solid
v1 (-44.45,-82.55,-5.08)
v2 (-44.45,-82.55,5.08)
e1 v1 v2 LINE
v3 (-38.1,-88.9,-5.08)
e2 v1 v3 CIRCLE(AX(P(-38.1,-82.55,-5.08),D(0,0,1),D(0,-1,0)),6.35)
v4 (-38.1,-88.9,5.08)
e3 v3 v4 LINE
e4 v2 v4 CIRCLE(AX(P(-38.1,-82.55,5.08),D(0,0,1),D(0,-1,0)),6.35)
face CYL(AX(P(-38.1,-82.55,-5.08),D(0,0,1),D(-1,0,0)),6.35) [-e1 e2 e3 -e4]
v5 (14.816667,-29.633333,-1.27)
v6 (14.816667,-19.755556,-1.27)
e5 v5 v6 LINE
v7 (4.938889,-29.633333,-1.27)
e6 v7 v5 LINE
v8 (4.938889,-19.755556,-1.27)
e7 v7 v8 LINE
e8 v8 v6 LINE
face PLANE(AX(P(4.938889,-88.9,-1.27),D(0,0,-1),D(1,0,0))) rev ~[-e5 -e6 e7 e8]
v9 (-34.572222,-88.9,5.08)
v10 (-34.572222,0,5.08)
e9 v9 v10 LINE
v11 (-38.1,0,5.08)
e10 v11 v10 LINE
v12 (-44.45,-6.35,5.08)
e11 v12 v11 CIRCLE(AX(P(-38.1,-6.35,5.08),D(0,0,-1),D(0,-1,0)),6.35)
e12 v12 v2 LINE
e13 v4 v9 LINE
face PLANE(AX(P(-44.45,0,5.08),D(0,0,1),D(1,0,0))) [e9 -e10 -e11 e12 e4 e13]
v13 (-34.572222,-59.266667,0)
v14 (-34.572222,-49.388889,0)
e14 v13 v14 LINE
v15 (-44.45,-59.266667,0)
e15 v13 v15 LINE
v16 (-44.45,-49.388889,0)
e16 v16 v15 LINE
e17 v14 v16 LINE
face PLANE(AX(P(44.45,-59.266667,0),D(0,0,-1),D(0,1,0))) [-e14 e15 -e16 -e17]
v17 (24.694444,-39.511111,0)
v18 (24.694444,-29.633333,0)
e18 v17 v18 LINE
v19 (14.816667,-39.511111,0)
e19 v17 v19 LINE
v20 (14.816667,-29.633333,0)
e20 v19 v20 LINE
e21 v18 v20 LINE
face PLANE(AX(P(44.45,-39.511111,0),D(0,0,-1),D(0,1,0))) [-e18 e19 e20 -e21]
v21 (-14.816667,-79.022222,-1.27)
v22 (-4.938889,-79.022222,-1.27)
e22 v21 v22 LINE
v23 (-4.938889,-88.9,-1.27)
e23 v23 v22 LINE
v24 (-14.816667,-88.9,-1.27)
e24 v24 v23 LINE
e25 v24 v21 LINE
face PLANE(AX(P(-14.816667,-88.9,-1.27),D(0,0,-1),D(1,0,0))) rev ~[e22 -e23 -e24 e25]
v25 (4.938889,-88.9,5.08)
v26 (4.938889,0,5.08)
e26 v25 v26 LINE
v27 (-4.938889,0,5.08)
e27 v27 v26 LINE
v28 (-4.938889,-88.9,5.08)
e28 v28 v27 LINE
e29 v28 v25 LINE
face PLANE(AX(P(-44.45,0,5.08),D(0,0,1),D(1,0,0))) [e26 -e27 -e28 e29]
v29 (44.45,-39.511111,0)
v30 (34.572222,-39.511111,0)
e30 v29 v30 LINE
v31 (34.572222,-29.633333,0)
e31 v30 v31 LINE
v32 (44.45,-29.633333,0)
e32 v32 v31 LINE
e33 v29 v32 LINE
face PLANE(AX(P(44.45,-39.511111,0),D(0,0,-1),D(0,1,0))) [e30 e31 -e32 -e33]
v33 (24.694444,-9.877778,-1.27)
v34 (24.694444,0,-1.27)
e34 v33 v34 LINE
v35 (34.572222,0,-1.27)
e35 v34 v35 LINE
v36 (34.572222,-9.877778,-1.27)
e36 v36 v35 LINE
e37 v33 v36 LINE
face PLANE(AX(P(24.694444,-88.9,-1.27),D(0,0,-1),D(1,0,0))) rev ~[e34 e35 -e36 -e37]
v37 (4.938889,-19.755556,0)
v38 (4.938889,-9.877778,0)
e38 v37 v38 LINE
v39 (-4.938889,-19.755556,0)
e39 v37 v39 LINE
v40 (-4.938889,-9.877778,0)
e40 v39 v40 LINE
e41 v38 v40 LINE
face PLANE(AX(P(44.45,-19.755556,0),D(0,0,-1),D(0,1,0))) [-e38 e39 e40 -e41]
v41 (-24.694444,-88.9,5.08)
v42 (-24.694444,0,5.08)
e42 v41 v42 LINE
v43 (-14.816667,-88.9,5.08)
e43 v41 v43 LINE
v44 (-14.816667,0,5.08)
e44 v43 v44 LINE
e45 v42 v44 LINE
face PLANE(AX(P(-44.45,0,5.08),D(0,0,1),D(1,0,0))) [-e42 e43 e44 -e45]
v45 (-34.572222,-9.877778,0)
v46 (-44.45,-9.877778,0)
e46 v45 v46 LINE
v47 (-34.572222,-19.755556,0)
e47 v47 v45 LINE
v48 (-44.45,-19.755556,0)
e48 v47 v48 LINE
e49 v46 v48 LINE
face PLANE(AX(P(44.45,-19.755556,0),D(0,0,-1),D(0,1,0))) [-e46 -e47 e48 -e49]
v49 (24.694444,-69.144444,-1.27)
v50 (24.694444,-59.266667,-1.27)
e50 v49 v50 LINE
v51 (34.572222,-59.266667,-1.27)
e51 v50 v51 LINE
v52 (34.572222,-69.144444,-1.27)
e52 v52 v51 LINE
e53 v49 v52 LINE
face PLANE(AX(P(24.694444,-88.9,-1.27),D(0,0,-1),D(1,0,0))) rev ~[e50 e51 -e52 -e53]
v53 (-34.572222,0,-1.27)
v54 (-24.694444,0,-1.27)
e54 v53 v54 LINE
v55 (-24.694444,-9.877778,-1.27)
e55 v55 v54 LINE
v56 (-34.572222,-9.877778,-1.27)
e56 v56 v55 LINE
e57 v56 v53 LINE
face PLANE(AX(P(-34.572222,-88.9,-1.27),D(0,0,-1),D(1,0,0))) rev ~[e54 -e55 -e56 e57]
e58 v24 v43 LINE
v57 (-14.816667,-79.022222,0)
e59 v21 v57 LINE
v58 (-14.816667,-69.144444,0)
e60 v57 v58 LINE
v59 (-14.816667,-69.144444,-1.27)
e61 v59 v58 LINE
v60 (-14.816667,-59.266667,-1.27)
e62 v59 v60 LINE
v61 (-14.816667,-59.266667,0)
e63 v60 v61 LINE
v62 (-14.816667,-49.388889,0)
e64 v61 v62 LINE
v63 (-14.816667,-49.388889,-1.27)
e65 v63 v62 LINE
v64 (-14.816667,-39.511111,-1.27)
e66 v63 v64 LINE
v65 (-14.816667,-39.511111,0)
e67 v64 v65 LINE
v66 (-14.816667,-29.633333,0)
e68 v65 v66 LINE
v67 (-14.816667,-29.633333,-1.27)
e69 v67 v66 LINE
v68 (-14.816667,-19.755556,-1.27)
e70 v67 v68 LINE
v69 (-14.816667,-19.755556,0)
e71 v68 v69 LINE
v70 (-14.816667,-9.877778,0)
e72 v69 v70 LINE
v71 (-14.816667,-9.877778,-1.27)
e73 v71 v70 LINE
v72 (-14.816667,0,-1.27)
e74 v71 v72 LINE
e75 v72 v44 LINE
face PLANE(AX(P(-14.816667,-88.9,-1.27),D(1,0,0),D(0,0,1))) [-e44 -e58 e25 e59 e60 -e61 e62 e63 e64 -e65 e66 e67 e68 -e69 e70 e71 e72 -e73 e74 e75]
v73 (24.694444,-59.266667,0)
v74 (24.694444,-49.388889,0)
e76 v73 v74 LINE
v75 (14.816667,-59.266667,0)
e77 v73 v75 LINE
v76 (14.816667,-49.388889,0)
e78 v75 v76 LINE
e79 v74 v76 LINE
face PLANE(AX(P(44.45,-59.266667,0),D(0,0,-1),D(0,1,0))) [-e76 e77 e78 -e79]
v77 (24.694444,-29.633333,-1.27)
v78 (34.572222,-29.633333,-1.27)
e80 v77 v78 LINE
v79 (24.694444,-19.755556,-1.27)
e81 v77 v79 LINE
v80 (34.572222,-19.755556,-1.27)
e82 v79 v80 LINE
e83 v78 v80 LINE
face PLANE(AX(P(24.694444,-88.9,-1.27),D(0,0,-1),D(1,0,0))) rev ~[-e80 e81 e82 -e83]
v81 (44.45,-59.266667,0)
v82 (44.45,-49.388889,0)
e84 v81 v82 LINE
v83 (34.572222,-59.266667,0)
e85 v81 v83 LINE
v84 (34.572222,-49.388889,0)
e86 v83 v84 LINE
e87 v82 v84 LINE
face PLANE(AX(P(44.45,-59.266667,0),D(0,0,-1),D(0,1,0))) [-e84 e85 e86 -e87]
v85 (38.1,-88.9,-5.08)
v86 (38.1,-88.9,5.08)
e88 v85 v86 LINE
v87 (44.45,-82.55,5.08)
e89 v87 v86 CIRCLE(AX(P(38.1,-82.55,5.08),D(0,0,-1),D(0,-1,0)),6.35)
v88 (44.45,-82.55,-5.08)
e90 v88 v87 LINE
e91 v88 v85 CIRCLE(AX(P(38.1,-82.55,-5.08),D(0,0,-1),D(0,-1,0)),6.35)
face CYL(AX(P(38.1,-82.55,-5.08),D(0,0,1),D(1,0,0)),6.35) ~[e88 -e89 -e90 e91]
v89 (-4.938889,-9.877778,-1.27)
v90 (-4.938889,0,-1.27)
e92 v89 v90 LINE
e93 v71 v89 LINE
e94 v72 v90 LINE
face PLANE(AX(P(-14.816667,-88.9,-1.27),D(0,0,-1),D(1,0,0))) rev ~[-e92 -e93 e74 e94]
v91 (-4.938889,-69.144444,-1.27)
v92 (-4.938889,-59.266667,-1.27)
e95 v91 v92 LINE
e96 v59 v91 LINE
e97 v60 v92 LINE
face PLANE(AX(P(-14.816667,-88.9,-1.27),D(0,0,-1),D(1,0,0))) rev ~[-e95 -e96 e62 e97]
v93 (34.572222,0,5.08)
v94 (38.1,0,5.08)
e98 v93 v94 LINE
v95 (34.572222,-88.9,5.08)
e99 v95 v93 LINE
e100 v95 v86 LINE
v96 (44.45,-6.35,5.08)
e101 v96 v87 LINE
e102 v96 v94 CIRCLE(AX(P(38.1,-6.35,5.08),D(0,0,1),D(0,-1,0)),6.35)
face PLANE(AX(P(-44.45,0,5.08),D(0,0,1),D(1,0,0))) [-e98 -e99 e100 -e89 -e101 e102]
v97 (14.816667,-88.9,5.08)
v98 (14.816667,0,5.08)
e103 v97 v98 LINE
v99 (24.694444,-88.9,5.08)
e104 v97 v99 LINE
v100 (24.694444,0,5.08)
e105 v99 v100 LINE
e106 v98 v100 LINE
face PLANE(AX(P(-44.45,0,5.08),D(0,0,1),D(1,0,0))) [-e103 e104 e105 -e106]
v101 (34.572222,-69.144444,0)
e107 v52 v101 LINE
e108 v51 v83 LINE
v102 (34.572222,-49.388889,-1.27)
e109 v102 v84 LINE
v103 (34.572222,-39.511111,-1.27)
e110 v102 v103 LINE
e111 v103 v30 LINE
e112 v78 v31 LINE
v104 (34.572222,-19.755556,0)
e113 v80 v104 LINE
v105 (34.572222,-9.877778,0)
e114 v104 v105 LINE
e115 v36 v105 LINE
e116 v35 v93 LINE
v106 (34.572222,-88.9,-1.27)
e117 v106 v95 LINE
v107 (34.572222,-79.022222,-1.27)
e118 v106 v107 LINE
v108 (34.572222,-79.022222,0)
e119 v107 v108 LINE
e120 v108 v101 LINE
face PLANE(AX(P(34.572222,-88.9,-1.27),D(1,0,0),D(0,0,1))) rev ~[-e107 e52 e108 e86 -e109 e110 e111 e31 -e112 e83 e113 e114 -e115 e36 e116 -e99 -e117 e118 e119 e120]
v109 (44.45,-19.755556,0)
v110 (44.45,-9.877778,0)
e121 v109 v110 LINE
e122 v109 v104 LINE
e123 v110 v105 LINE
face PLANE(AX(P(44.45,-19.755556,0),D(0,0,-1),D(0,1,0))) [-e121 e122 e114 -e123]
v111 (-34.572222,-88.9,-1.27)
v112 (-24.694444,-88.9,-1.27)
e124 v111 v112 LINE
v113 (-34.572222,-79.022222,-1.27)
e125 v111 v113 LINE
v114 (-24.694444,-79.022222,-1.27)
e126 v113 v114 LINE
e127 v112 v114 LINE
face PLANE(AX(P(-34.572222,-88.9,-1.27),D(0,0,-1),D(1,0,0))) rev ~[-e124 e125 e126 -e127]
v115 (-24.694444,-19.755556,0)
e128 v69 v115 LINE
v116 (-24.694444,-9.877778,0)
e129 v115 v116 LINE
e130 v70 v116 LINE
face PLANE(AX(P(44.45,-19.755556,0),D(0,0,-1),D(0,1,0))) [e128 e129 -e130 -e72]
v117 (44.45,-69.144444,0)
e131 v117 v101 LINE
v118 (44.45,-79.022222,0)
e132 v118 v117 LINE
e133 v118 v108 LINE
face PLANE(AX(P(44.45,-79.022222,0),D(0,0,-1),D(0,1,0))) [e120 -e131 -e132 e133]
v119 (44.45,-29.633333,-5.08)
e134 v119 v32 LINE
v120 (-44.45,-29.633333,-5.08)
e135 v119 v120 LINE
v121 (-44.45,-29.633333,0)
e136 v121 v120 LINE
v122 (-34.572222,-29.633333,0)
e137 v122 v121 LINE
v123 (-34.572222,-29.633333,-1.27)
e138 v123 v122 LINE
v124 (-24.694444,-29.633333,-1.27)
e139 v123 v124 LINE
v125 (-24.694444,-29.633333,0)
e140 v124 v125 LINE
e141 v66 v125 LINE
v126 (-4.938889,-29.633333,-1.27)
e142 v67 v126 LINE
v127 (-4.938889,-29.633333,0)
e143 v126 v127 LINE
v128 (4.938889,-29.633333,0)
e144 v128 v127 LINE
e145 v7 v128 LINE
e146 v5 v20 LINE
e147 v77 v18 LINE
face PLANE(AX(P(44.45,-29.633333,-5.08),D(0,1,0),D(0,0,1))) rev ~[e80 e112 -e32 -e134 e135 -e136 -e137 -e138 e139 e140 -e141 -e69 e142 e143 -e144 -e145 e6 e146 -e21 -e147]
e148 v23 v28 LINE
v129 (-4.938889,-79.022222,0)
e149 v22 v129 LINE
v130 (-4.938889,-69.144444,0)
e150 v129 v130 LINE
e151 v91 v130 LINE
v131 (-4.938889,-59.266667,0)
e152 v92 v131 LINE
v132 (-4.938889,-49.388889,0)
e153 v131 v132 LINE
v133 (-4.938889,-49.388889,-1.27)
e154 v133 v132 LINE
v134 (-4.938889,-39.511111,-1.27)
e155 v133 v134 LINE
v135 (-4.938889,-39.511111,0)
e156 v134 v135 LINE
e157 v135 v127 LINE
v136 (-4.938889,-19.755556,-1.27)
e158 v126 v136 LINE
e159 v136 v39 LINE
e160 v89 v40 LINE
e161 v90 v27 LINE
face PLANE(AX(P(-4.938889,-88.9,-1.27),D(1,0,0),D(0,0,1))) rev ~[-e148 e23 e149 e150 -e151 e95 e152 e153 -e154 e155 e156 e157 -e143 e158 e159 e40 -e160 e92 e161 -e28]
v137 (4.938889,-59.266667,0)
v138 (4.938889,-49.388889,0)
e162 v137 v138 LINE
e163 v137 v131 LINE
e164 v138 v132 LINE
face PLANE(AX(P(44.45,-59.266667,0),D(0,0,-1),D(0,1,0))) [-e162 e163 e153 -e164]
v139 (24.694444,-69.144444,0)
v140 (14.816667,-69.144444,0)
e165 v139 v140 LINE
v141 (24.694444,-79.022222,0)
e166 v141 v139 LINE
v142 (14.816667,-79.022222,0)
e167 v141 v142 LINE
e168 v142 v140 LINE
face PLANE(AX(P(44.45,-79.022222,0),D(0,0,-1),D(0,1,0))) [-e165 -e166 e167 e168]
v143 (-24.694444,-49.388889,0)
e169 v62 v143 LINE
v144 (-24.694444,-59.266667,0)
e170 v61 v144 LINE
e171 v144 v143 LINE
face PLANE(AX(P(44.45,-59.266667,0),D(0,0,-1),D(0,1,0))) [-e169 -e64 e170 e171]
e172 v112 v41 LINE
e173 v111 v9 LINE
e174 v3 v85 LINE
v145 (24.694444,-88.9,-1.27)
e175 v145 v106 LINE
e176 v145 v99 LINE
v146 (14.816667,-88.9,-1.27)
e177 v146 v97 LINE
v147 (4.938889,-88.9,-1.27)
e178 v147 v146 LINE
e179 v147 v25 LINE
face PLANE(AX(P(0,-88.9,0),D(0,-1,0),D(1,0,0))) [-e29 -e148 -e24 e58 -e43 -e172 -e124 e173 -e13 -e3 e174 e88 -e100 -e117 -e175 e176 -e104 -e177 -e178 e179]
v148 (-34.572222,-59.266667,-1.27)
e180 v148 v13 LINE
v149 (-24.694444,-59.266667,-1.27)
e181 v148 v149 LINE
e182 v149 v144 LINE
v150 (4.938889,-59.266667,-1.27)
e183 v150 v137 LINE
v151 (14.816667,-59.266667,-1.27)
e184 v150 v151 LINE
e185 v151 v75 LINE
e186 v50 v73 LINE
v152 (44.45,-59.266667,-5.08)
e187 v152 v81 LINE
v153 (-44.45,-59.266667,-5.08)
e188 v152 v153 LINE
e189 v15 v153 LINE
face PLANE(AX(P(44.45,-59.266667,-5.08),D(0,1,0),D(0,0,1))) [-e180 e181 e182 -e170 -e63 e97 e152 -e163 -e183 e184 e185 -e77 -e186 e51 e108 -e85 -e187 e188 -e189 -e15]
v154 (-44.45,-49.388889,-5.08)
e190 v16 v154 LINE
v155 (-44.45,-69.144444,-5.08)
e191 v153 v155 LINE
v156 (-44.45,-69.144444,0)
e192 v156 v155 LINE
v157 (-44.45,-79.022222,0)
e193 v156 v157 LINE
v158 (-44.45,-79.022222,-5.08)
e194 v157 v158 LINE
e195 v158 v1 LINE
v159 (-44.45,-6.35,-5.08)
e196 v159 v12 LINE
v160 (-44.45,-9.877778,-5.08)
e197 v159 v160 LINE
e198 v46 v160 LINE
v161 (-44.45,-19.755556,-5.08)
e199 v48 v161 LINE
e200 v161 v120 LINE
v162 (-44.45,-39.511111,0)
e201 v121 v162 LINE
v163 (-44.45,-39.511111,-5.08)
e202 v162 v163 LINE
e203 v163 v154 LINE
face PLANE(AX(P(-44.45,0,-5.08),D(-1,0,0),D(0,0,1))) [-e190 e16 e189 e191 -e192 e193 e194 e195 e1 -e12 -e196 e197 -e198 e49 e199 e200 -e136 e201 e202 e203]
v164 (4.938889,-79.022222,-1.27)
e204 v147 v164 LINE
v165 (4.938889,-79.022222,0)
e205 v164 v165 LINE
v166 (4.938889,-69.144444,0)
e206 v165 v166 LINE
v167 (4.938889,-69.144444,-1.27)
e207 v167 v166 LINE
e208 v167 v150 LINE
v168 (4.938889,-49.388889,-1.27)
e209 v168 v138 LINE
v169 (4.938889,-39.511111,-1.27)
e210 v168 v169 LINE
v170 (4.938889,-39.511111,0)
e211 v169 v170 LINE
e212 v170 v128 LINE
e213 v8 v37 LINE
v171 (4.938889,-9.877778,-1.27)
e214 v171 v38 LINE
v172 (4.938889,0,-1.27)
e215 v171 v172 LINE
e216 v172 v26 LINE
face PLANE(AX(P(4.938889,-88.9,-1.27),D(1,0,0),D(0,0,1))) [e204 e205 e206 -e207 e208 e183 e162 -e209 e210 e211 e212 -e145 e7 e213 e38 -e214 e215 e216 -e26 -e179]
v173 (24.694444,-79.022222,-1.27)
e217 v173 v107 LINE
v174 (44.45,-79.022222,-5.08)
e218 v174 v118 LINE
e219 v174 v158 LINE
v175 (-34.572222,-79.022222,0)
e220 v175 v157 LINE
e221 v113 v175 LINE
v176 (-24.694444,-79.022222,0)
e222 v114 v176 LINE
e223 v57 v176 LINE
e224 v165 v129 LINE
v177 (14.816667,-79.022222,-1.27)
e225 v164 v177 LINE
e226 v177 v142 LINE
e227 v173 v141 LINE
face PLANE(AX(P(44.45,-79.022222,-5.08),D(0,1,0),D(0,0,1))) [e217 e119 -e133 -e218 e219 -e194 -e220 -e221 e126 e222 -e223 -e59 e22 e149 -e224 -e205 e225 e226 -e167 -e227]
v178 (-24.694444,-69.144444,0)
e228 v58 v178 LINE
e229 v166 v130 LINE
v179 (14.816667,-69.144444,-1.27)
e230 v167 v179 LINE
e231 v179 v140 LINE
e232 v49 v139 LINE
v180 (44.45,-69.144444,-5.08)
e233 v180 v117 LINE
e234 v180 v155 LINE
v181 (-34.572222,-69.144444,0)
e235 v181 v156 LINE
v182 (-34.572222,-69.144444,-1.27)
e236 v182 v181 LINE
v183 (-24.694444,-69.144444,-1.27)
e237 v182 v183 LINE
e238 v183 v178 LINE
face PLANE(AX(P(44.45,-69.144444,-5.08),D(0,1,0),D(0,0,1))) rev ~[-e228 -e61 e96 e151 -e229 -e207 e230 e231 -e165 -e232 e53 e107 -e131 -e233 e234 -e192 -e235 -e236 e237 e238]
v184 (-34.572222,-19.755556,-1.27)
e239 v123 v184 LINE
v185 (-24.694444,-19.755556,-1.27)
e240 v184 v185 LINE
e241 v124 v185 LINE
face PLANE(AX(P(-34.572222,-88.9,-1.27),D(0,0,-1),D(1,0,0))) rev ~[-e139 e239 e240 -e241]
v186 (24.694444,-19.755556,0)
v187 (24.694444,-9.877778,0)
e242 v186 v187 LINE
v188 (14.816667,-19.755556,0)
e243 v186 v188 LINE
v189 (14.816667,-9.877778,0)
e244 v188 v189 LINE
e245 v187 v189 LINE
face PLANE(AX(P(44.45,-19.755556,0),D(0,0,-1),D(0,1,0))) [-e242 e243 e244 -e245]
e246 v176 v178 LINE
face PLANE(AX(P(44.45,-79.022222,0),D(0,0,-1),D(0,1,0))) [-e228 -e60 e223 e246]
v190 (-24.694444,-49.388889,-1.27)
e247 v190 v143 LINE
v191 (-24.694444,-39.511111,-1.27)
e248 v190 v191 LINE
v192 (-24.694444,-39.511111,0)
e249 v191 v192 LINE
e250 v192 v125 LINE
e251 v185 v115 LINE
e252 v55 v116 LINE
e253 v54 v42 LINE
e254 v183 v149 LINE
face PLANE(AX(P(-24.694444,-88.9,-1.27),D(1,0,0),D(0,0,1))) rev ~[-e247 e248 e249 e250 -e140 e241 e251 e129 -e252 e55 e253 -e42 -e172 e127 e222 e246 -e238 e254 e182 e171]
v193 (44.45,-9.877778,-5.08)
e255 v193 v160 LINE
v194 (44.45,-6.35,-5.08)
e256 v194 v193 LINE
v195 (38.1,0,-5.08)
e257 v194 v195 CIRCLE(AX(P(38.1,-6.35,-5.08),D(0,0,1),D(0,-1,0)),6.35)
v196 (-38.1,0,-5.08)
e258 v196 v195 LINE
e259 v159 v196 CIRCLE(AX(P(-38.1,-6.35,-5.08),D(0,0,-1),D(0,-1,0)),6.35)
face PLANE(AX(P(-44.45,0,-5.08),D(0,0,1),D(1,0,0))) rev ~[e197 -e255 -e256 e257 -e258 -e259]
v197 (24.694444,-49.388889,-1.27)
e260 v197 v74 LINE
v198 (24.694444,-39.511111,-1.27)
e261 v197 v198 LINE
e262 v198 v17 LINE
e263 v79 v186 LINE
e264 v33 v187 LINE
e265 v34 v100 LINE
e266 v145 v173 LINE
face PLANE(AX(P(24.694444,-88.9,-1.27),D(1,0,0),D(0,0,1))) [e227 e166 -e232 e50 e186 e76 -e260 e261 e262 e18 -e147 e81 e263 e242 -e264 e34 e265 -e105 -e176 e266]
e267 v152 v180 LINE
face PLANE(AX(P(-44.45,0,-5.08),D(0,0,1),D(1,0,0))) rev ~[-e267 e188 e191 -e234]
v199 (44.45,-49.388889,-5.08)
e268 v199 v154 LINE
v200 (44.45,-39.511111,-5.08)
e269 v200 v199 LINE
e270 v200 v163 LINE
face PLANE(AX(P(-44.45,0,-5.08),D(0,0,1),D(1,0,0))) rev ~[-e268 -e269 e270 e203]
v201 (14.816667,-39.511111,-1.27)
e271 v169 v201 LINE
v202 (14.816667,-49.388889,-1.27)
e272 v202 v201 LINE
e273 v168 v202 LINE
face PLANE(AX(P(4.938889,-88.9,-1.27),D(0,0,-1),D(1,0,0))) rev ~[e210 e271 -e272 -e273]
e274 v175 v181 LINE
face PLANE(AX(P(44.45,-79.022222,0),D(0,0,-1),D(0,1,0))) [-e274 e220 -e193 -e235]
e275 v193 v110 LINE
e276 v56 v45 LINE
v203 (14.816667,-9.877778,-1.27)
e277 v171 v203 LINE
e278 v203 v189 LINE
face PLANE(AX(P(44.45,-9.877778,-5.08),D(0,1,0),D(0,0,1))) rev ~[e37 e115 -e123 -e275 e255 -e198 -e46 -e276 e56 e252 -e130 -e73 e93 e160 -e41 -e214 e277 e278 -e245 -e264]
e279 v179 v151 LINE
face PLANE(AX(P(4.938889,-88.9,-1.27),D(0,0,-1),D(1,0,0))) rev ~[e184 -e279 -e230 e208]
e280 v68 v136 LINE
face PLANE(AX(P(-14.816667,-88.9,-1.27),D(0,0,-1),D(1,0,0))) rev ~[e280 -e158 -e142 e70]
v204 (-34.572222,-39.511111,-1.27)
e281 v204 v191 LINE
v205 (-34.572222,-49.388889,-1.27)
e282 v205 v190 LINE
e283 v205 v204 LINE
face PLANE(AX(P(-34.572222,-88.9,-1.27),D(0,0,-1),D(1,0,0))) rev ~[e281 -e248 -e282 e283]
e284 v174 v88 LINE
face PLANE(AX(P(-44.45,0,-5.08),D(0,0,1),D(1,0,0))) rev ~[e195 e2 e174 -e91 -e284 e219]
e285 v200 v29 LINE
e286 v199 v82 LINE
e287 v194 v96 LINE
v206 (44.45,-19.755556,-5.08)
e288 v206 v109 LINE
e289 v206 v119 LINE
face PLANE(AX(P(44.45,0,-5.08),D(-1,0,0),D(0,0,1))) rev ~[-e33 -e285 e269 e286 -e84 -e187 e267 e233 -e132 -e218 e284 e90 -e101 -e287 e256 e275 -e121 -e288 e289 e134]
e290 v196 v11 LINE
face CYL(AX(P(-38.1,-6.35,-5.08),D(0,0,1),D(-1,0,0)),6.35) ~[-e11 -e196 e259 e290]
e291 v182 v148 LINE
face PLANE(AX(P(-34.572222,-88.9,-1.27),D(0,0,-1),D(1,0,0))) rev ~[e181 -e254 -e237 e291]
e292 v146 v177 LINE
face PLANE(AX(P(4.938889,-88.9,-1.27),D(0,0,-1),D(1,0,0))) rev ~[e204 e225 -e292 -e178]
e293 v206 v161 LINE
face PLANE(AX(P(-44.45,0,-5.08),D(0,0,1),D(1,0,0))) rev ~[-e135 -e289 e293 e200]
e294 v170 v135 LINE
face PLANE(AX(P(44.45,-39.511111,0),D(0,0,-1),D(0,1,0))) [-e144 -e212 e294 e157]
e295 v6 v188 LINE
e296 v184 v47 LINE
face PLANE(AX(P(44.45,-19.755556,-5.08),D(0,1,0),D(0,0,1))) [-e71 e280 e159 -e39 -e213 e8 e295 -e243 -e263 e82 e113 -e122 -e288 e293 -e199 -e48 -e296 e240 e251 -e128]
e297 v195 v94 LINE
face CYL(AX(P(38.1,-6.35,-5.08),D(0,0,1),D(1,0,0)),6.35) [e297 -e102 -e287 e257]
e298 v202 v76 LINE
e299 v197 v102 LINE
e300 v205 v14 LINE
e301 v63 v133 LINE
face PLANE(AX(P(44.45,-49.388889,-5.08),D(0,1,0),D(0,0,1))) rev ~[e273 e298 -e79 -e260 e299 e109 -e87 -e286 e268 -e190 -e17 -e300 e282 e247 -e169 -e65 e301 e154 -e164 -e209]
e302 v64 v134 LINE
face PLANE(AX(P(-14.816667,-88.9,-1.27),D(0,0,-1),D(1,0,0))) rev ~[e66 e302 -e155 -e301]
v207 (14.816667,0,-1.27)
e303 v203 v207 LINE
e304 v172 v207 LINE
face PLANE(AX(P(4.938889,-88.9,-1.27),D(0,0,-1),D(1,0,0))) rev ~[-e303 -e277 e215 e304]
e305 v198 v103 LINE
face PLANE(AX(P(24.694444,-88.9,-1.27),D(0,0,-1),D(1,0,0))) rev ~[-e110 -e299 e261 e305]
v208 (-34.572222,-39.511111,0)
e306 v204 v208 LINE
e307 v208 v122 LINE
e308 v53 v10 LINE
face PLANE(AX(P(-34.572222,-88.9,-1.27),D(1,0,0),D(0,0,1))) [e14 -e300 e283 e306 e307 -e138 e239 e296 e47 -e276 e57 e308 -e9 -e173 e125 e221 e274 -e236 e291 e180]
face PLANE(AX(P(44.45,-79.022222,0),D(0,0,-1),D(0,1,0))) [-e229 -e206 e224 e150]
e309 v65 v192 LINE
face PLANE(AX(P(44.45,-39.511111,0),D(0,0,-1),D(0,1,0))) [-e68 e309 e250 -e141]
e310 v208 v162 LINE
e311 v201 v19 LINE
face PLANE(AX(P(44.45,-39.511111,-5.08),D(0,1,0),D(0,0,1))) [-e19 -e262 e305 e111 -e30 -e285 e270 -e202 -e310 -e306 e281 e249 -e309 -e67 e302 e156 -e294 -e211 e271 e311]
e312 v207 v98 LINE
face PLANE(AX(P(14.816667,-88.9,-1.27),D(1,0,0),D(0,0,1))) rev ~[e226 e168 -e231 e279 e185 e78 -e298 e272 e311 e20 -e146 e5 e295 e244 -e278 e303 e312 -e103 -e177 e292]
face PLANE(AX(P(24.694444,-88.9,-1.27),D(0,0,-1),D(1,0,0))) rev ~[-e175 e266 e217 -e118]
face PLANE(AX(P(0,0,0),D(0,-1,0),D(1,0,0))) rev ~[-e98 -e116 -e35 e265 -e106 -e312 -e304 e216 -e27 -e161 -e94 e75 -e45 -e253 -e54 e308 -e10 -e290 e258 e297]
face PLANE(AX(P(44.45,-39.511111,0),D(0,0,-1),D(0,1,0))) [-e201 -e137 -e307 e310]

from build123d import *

# Parameters (mm, degrees)
F0_W     = 88.9
F0_H     = 10.16
F1_DEPTH = 88.9
F2_R     = 6.35
F3_W     = 9.877778
F3_H     = 6.35
F4_DEPTH = 88.901
F5_W     = 9.877778
F5_H     = 5.08
F6_DEPTH = 88.901


with BuildPart() as f1:
    # F0 (on Front) → F1 (new body)
    with BuildSketch(Plane.XZ):
        Rectangle(F0_W, F0_H)
    extrude(amount=F1_DEPTH)

    # F2
    f2_edges = [f1.edges().sort_by_distance(p)[0] for p in [
        (-44.45, -88.9, 0),
        (44.45, -88.9, 0),
        (44.45, 0, 0),
        (-44.45, 0, 0),
    ]]
    fillet(f2_edges, radius=F2_R)

    # F3 (on face) → F4 (cut, through all)
    with BuildSketch(Plane.XZ.offset(88.9)):
        with Locations((-29.633333, 1.905)):
            Rectangle(F3_W, F3_H)
        with Locations((-9.877778, 1.905)):
            Rectangle(F3_W, F3_H)
        with Locations((9.877778, 1.905)):
            Rectangle(F3_W, F3_H)
        with Locations((29.633333, 1.905)):
            Rectangle(F3_W, F3_H)
    extrude(amount=-F4_DEPTH, mode=Mode.SUBTRACT)

    # F5 (on face) → F6 (cut, through all)
    with BuildSketch(Plane.YZ.offset(44.45)):
        with Locations((-14.816667, -2.54)):
            Rectangle(F5_W, F5_H)
        with Locations((-34.572222, -2.54)):
            Rectangle(F5_W, F5_H)
        with Locations((-54.327778, -2.54)):
            Rectangle(F5_W, F5_H)
        with Locations((-74.083333, -2.54)):
            Rectangle(F5_W, F5_H)
    extrude(amount=-F6_DEPTH, mode=Mode.SUBTRACT)


solid = f1.part
